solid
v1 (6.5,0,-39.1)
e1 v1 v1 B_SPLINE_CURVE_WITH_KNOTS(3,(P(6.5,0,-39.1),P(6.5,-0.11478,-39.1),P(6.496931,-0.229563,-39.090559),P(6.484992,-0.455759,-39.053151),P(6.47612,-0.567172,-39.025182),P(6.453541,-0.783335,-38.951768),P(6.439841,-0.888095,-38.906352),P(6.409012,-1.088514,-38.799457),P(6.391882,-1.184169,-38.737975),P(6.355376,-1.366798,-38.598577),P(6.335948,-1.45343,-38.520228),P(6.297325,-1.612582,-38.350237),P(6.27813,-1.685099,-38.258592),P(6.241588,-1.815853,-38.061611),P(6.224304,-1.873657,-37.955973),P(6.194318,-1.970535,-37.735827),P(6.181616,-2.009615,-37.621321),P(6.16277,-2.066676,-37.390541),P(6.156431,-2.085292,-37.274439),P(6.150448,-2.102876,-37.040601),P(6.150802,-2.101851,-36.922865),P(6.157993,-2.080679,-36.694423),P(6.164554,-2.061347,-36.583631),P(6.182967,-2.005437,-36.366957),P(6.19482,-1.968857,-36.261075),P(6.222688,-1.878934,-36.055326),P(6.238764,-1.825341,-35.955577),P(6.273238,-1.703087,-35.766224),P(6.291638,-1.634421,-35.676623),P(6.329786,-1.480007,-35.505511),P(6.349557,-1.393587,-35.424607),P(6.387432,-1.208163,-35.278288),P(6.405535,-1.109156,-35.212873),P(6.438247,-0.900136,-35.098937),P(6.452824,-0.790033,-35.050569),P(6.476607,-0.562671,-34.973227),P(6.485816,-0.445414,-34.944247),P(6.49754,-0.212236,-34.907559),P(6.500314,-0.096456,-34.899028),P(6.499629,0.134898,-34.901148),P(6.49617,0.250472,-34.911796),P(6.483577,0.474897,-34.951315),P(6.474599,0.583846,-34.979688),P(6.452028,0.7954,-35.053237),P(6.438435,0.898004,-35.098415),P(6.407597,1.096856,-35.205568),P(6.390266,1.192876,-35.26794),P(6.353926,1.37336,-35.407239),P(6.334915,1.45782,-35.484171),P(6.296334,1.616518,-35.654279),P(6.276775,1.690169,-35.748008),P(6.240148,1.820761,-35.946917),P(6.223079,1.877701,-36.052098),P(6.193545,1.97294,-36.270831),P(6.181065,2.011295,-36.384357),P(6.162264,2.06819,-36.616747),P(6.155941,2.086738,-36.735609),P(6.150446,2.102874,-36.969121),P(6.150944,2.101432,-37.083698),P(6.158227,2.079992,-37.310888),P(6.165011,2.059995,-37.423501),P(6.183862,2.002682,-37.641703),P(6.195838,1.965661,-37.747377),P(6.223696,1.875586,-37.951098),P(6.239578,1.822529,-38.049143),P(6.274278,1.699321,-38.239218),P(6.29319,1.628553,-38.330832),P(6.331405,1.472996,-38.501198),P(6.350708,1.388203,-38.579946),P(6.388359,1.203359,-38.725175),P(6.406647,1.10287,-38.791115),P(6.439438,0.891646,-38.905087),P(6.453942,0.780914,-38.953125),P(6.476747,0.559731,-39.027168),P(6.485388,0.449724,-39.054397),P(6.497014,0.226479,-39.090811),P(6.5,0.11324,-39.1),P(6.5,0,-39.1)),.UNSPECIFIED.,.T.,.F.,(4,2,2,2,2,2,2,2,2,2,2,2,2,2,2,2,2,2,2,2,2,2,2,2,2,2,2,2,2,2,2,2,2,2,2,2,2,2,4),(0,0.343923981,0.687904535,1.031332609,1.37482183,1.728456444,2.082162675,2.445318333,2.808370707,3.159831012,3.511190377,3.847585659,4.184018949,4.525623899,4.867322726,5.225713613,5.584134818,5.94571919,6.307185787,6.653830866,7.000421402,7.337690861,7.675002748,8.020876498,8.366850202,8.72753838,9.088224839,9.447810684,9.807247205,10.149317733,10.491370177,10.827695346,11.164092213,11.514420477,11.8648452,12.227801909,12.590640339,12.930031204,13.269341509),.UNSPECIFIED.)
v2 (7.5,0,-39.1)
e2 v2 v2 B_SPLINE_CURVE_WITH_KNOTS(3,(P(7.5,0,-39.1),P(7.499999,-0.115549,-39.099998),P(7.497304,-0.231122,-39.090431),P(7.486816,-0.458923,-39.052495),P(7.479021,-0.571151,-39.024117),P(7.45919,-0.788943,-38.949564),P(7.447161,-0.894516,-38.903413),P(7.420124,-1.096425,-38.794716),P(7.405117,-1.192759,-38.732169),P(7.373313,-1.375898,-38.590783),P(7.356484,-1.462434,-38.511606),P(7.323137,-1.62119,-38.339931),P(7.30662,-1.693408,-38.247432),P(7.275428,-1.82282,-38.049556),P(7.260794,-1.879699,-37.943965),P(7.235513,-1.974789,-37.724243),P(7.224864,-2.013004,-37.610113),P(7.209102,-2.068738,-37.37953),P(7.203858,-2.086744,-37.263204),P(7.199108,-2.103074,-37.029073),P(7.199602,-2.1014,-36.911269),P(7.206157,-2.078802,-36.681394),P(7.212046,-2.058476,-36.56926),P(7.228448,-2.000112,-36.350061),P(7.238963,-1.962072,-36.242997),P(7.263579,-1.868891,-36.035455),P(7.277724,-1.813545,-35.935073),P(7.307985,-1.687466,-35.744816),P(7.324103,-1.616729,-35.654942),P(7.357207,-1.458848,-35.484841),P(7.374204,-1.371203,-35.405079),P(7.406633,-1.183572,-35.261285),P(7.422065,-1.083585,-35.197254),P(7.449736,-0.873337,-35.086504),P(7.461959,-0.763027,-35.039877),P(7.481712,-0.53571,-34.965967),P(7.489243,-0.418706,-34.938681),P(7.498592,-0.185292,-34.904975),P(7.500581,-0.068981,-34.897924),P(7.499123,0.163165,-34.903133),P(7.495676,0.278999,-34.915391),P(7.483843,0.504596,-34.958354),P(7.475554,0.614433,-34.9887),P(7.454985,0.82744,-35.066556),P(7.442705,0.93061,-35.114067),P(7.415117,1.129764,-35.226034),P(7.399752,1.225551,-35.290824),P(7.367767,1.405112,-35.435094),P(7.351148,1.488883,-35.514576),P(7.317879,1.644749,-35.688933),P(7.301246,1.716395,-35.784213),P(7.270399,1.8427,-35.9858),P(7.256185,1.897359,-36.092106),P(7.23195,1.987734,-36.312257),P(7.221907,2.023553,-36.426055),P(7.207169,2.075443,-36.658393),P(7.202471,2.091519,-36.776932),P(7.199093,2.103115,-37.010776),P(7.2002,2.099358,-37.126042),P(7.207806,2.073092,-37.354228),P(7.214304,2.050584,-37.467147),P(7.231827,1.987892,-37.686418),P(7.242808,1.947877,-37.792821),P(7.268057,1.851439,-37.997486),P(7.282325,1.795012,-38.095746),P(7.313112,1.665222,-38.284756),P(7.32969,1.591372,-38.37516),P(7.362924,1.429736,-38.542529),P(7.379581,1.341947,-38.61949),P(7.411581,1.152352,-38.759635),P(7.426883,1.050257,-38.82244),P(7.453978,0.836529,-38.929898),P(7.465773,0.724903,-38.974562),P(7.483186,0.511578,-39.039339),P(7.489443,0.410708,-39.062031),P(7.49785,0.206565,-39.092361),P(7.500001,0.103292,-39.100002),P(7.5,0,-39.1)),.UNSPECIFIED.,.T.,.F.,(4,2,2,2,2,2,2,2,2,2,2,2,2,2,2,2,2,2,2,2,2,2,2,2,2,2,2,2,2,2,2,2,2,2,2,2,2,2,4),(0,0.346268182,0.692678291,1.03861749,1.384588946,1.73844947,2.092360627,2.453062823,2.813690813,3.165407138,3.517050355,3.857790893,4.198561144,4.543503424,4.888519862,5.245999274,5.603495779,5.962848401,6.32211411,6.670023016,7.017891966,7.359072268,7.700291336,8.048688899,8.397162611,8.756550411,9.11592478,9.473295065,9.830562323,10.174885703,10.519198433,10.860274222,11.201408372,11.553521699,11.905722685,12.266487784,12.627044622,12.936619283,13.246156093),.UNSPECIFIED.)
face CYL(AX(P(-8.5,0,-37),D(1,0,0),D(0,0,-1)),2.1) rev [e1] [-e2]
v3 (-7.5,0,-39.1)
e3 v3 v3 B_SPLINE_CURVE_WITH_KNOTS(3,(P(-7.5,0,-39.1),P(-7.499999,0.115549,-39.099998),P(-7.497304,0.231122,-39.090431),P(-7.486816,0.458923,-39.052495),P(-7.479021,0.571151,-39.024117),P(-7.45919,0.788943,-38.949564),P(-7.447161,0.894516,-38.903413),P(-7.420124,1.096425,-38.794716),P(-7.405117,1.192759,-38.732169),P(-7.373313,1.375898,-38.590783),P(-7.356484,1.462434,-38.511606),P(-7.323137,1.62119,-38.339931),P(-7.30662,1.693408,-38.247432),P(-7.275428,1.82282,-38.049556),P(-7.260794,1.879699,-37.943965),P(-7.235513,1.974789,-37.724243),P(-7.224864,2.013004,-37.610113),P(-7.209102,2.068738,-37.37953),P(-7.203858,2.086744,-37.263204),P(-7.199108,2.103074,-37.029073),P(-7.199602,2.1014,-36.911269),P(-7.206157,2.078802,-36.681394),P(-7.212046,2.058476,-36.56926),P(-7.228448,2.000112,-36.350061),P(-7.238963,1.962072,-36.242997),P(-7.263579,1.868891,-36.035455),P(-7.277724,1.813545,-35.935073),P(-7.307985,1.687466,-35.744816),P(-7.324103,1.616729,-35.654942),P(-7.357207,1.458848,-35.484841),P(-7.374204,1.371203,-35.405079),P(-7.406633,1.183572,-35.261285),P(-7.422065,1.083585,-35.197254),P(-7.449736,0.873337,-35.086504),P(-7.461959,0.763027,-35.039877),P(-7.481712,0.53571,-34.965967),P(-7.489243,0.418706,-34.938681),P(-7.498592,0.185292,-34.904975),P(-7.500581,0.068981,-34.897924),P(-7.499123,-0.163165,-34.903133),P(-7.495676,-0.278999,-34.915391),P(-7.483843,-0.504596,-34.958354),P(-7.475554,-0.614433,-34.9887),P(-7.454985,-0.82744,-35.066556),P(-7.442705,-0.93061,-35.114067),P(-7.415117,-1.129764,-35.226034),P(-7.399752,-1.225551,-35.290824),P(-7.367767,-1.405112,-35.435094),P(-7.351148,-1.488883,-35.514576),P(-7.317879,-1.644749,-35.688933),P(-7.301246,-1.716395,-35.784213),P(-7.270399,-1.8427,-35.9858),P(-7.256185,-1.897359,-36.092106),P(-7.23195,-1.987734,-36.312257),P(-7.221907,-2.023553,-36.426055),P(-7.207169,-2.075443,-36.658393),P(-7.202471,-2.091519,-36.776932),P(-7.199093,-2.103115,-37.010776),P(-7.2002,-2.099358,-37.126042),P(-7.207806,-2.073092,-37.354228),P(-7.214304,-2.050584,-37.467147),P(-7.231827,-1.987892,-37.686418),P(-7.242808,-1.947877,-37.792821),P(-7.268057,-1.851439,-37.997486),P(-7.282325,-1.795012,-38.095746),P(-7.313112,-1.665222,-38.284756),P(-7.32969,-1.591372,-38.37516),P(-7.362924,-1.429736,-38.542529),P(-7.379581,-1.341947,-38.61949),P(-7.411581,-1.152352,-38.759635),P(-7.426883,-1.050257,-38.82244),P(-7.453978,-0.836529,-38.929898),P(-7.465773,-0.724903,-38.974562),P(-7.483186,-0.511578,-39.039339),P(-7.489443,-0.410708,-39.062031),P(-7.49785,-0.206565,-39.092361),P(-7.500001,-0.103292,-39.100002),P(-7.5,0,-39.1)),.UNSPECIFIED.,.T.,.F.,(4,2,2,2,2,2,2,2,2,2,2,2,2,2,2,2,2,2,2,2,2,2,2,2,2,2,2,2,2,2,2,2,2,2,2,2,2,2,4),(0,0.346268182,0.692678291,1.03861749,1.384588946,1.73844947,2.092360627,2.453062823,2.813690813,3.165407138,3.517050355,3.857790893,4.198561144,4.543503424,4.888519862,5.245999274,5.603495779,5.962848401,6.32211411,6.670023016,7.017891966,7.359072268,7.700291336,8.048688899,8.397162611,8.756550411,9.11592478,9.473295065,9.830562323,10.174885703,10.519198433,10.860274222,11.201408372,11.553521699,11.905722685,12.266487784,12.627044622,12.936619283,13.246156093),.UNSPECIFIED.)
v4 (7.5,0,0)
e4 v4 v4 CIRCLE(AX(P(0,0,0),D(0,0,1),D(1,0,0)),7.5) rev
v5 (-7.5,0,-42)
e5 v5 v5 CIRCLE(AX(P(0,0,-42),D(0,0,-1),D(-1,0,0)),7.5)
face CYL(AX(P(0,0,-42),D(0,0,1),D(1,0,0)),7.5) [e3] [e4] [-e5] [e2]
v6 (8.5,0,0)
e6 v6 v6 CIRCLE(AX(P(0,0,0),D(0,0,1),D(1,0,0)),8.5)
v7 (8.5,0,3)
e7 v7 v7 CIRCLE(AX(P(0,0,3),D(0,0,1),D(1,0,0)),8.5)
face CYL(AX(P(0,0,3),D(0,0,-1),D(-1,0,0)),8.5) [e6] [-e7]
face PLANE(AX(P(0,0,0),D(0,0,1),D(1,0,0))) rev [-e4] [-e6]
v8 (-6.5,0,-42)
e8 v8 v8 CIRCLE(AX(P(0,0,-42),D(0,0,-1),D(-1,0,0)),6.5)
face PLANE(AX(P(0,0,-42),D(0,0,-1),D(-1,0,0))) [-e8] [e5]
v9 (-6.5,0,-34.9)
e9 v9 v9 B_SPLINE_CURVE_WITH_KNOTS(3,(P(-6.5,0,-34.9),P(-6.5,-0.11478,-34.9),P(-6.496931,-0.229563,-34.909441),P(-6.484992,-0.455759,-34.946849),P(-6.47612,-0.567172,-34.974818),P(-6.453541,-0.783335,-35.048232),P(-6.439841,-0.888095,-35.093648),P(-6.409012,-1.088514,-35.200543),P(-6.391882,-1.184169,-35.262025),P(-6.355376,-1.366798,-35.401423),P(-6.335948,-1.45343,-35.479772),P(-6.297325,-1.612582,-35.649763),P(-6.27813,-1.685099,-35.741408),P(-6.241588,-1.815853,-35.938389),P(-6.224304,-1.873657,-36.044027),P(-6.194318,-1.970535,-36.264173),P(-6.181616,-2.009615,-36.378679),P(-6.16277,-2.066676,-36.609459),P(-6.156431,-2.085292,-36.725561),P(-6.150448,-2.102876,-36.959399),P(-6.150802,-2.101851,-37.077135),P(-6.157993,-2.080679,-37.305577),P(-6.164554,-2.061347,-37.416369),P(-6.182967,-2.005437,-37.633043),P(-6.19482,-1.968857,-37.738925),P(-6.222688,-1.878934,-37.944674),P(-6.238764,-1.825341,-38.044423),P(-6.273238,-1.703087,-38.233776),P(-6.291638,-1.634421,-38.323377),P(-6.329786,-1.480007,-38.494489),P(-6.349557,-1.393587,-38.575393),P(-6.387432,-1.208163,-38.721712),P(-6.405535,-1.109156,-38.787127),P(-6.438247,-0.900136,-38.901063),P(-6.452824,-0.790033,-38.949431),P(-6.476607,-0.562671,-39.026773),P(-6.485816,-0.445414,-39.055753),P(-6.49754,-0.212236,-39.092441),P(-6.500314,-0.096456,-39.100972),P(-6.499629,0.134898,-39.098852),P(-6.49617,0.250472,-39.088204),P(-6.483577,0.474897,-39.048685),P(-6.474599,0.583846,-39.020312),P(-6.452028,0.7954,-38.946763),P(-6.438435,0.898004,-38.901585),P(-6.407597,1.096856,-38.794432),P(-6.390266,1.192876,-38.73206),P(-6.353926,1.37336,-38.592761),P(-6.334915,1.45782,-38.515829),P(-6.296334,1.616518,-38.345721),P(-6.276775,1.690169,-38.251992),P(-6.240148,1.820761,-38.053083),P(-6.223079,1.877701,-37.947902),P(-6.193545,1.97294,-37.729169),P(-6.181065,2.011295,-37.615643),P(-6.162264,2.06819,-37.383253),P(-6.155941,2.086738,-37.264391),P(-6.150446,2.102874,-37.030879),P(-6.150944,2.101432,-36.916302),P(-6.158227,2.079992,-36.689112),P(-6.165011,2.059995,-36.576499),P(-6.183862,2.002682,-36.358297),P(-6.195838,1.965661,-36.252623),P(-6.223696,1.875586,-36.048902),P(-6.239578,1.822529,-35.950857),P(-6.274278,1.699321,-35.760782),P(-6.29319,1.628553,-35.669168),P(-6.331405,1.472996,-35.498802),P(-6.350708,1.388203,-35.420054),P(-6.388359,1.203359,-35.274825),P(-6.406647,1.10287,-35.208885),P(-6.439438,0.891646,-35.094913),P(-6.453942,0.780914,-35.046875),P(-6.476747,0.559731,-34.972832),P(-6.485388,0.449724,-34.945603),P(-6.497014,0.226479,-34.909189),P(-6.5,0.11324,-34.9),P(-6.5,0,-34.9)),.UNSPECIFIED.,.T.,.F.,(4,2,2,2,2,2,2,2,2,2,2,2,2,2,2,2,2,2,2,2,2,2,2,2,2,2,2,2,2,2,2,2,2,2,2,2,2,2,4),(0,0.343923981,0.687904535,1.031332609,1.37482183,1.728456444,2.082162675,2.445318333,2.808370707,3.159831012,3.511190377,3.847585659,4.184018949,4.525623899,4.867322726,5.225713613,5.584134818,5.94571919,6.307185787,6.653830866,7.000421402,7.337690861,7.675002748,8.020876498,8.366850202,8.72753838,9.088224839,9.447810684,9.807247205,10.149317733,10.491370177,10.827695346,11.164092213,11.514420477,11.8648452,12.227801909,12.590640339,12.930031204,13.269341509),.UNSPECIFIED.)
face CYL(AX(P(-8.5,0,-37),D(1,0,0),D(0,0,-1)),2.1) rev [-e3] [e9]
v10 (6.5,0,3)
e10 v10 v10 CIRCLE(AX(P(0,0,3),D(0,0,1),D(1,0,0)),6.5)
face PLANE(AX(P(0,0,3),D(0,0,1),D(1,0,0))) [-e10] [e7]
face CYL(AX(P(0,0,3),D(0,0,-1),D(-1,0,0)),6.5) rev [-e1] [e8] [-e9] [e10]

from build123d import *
from build123d.topology import SkipClean

# Parameters (mm, degrees)
ESBO_O1_R                  = 8.5
ESBO_O1_R_2                = 6.5
RESSALTO_EXTRUS_O1_DEPTH   = 3
RESSALTO_EXTRUS_O3_START   = 42
ESBO_O3_R                  = 7.5
ESBO_O3_R_2                = 6.5
RESSALTO_EXTRUS_O3_DEPTH   = 42
CORTE_EXTRUS_O1_DEPTH      = 44.686382318
CORTE_EXTRUS_O1_DEPTH_BACK = 44.686382318
ESBO_O4_R                  = 2.1


with BuildPart() as part:
    # Esboço1 → Ressalto-extrusão1 (new body)
    with BuildSketch(Plane.XY):
        Circle(ESBO_O1_R)
        Circle(ESBO_O1_R_2, mode=Mode.SUBTRACT)
    extrude(amount=RESSALTO_EXTRUS_O1_DEPTH)

    # Esboço3 → Ressalto-extrusão3 (add)
    with SkipClean():  # the faces are left unmerged after this step: merging them gives an invalid solid
        with BuildSketch(Plane(origin=(0, 0, 0), x_dir=(-1, 0, 0), z_dir=(0, 0, -1)).offset(RESSALTO_EXTRUS_O3_START)):
            with Locations(Location((0, 0, 0), (0, 0, 180))):
                Circle(ESBO_O3_R)
            Circle(ESBO_O3_R_2, mode=Mode.SUBTRACT)
        extrude(amount=-RESSALTO_EXTRUS_O3_DEPTH)

    # Esboço4 → Corte-extrusão1 (cut, two sides: drawn at the far end of the back side and taken through both)
    with SkipClean():  # the faces are left unmerged after this step: merging them gives an invalid solid
        with BuildSketch(Plane(origin=(0, 0, 0), x_dir=(0, 0, -1), z_dir=(1, 0, 0)).offset(-CORTE_EXTRUS_O1_DEPTH_BACK)):
            with Locations((37, 0)):
                Circle(ESBO_O4_R)
        extrude(amount=CORTE_EXTRUS_O1_DEPTH + CORTE_EXTRUS_O1_DEPTH_BACK, mode=Mode.SUBTRACT)


solid = part.part
